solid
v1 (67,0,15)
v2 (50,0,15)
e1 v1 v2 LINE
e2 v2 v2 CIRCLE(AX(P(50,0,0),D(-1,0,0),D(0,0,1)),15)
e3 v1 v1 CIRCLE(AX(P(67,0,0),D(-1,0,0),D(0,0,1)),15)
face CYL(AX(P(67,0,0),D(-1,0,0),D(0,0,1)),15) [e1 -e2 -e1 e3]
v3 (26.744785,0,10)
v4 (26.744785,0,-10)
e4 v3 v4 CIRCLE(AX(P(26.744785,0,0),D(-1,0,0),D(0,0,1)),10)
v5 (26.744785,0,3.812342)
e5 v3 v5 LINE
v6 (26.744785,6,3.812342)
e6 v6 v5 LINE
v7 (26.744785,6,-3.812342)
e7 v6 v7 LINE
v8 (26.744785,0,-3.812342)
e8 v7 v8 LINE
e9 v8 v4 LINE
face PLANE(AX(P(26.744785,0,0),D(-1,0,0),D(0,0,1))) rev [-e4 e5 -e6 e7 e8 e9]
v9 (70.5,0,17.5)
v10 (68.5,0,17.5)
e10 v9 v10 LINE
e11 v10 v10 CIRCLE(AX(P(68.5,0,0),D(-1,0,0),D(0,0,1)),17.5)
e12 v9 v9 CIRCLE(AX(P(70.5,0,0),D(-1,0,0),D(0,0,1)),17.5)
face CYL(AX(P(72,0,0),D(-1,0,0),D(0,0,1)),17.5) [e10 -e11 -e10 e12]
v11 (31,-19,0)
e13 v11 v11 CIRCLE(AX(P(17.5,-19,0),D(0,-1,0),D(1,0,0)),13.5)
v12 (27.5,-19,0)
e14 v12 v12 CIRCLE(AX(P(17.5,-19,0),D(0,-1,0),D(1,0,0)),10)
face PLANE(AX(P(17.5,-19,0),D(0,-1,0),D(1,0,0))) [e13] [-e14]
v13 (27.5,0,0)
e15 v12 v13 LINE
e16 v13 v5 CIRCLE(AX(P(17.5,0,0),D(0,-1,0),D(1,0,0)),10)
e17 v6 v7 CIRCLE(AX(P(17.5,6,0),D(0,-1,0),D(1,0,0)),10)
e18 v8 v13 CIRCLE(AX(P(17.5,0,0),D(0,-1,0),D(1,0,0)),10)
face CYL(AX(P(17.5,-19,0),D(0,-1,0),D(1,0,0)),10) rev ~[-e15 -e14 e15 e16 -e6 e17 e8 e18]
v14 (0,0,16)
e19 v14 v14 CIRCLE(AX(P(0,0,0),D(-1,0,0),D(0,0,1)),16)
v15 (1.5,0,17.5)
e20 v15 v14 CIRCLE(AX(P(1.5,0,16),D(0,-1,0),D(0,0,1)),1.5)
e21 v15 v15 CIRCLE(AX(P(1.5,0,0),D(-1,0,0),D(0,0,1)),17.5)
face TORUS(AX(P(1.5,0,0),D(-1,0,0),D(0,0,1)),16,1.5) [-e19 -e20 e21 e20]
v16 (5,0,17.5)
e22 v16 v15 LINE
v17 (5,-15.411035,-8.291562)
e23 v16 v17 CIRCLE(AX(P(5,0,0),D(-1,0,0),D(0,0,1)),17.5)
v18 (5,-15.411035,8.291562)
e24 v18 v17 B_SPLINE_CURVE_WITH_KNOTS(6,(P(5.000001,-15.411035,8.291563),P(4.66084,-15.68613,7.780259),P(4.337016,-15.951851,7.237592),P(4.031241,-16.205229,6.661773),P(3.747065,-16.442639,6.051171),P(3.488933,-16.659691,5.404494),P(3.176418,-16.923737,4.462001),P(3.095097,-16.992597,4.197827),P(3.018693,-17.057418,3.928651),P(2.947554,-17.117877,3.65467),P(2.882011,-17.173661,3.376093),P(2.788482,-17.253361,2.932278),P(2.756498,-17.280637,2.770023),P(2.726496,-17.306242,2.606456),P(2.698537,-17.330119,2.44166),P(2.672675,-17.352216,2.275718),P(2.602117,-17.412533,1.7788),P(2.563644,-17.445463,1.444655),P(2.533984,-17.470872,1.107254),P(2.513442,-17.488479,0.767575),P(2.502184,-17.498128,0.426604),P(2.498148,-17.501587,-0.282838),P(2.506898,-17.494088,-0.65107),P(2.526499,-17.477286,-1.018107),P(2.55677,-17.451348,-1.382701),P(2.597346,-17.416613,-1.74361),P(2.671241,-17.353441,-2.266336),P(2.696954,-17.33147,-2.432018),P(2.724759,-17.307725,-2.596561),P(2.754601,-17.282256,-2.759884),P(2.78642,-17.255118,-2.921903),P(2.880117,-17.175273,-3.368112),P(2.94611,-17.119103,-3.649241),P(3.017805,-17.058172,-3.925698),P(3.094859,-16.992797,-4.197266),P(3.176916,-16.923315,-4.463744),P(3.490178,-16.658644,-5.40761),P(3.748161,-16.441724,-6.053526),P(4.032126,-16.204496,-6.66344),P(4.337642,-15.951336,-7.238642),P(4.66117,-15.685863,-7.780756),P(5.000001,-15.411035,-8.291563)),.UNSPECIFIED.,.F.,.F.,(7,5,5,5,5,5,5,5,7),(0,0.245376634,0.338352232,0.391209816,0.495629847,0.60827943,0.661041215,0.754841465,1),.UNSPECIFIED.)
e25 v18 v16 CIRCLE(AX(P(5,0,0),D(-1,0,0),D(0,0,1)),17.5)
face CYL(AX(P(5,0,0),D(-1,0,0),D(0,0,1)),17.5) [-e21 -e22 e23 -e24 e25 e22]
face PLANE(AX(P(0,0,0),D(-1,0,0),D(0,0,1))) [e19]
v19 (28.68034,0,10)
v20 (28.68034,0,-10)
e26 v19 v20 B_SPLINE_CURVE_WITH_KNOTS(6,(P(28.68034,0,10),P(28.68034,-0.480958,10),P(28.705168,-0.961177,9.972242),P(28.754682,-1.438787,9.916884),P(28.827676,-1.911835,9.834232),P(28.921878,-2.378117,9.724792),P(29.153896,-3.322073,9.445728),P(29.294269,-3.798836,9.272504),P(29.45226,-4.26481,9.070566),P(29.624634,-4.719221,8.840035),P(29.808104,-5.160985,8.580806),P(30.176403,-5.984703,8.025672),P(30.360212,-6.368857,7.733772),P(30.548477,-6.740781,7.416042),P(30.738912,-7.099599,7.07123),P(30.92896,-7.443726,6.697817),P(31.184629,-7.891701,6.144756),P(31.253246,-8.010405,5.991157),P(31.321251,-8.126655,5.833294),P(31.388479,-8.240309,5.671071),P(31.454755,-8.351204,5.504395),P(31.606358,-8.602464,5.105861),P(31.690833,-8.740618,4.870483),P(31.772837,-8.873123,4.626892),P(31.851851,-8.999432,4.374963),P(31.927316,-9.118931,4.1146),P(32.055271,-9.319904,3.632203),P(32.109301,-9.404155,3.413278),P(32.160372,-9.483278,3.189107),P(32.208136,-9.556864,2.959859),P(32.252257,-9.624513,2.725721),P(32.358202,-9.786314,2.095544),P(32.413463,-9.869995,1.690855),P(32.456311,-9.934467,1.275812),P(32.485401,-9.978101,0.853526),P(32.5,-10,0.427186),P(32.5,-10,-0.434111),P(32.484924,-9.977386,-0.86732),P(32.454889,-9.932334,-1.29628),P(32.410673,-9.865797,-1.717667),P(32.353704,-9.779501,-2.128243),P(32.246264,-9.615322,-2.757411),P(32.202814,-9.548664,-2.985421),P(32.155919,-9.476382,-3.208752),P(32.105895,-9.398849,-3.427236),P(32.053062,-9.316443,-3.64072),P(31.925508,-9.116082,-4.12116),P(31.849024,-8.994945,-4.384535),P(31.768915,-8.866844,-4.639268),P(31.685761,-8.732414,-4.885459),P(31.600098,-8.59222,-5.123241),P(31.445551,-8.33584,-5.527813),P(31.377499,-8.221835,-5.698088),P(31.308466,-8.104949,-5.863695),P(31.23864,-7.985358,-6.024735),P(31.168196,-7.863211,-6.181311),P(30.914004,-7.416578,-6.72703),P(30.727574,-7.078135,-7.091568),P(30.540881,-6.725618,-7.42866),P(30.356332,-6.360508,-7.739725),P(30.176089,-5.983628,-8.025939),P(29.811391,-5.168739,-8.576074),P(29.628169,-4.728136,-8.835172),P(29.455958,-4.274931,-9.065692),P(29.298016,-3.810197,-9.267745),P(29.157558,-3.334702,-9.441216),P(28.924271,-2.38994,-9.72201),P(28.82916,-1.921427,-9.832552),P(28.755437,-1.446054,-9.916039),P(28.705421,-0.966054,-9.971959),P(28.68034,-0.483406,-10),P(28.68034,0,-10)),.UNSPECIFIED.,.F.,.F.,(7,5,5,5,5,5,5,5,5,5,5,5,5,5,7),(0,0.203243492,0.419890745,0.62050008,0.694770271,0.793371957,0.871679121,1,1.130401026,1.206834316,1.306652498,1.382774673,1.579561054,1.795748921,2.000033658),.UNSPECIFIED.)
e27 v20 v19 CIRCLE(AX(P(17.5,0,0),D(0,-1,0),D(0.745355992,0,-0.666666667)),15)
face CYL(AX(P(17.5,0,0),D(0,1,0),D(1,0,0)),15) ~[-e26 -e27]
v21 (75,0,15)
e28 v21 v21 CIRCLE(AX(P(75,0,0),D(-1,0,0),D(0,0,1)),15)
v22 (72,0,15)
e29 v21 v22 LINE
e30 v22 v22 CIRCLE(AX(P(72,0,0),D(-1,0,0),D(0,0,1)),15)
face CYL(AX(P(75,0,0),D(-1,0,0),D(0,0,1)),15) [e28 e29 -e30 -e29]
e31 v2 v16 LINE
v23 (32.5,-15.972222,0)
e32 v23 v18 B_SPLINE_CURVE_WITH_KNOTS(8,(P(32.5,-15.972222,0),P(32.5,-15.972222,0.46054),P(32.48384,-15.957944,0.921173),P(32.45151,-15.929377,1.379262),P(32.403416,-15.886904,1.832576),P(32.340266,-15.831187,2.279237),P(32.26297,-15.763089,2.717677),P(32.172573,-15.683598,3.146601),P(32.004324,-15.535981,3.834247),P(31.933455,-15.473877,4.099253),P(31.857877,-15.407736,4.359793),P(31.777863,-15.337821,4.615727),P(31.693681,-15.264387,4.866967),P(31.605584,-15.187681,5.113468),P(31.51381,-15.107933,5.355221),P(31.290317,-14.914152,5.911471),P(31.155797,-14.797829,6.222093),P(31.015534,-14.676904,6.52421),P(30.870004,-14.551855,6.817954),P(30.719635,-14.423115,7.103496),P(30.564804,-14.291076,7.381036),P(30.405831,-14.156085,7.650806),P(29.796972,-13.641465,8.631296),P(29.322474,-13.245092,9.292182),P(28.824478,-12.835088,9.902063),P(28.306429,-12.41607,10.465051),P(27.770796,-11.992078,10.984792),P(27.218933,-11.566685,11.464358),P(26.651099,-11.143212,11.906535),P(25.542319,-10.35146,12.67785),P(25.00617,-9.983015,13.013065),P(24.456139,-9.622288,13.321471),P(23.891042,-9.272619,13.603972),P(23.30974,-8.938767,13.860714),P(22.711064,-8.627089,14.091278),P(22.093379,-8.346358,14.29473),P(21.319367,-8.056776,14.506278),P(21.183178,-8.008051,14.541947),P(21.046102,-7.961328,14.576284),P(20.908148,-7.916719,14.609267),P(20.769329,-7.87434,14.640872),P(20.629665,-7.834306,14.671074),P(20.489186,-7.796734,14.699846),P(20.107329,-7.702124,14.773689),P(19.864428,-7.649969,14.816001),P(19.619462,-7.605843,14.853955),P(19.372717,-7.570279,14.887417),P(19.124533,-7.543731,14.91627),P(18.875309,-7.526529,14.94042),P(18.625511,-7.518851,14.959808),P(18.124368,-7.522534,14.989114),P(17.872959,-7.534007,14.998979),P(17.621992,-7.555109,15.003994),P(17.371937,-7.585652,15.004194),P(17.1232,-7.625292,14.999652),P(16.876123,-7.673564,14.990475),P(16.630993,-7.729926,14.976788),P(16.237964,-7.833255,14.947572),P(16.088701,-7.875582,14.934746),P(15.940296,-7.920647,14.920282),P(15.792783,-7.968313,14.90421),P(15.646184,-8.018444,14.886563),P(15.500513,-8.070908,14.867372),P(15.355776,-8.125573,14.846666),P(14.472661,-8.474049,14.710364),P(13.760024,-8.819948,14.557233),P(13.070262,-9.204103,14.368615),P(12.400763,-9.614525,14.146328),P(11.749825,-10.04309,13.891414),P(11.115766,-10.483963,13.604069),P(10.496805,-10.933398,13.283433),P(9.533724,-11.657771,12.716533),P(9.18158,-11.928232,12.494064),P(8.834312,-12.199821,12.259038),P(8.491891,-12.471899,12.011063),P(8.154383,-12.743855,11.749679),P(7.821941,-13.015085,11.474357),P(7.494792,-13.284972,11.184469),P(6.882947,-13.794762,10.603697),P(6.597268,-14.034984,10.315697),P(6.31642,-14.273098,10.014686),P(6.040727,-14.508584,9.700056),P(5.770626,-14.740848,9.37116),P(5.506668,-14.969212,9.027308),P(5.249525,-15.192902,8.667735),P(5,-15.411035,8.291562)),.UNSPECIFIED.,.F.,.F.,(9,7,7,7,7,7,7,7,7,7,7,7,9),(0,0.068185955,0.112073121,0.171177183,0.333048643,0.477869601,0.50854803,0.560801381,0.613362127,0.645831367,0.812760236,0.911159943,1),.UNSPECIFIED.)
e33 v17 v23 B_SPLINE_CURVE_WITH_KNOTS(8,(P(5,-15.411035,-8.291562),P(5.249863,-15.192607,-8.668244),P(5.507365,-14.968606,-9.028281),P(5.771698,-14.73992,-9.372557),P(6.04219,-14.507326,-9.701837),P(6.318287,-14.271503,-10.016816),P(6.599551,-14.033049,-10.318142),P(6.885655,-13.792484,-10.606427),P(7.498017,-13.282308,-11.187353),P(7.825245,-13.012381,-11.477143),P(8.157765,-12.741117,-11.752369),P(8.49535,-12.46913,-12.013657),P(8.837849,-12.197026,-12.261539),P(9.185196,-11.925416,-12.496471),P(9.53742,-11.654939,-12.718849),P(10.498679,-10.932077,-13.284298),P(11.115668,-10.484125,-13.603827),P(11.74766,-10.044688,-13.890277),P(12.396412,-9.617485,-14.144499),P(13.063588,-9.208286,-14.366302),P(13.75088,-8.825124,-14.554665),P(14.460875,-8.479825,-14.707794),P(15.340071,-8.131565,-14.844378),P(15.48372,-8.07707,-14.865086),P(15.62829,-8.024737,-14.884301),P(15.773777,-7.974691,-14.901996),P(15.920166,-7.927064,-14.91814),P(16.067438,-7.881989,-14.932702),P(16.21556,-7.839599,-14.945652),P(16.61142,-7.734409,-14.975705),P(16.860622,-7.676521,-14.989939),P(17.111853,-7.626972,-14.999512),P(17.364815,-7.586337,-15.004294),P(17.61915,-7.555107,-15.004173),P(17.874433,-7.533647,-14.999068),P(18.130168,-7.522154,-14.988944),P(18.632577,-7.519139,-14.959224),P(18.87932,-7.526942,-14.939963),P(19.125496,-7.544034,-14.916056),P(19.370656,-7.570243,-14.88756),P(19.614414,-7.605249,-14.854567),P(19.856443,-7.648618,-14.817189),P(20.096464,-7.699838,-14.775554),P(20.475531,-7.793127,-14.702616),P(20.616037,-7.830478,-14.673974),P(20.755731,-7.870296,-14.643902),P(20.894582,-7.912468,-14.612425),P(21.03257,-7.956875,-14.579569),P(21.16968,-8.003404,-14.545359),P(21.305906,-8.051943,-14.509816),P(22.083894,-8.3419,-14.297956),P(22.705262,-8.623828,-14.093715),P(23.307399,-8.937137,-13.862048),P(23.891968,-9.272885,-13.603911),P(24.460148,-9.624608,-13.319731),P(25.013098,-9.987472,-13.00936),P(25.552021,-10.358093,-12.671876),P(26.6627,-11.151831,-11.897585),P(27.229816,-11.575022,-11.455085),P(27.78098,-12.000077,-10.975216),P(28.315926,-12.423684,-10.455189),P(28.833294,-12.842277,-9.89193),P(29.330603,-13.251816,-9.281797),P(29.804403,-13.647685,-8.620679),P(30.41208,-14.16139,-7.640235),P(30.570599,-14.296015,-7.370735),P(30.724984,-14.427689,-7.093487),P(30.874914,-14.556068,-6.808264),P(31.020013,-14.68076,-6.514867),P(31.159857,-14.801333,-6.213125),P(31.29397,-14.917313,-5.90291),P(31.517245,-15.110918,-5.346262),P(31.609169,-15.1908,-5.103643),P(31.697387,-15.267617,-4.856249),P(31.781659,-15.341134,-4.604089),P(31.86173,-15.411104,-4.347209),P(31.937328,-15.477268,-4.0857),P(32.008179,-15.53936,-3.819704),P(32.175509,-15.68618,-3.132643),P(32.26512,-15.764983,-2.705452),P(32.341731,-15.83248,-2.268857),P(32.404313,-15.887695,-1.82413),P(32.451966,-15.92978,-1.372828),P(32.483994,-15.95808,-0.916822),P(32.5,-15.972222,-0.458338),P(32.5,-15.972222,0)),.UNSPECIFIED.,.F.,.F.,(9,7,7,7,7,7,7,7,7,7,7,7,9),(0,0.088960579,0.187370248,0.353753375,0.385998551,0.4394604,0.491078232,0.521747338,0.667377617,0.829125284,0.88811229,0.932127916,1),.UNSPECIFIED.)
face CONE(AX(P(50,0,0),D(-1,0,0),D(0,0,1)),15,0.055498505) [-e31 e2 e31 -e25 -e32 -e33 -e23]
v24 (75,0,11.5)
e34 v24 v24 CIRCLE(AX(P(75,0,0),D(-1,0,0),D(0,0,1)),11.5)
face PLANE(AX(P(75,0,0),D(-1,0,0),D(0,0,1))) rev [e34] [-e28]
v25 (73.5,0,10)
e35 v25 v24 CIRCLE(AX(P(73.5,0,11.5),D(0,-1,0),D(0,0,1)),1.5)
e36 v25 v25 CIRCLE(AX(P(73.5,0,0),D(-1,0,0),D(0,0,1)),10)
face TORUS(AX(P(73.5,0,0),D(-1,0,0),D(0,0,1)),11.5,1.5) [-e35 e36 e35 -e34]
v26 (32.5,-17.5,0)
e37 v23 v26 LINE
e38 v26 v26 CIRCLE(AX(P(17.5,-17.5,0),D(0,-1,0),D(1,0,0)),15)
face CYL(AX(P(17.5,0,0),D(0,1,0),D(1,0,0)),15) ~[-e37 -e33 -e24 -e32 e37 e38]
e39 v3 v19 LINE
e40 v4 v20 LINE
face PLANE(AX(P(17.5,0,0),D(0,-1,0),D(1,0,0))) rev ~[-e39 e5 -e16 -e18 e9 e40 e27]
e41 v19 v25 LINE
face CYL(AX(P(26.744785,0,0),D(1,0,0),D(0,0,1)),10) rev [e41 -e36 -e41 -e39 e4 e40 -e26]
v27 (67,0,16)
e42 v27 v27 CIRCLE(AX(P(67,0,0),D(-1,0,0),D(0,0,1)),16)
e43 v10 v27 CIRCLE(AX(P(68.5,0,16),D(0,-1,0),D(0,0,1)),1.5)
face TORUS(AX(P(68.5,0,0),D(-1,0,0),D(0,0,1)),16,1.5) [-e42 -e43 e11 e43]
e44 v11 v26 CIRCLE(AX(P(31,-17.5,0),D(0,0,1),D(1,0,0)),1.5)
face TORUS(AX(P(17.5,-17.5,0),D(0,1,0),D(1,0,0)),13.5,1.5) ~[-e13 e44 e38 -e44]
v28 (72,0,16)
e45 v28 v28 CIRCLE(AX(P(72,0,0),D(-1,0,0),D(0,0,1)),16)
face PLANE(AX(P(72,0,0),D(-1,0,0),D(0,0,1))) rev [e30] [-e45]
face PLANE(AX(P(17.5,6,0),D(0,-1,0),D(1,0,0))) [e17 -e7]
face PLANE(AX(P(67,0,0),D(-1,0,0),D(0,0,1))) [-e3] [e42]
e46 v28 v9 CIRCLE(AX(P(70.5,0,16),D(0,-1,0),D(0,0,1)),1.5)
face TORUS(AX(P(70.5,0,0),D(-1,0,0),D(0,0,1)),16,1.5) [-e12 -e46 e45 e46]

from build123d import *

# Parameters (mm, degrees)
F2_R     = 15
F3_DEPTH = 19
F4_R     = 10
F5_DEPTH = 25
F6_R     = 1.5


with BuildPart() as f1:
    # F0 (on Front) → F1 (revolve)
    with BuildSketch(Plane.XZ):
        Polygon((0, 17.5), (0, 0), (26.744785, 0), (26.744785, 10), (75, 10), (75, 15), (72, 15), (72, 17.5), (67, 17.5), (67, 15), (50, 15), (5, 17.5), align=None)
    revolve(axis=Axis((13.372393, 0, 0), (-1, 0, 0)))

    # F2 (on Front) → F3 (join)
    with BuildSketch(Plane.XZ):
        with Locations((17.5, 0)):
            Circle(F2_R)
    extrude(amount=F3_DEPTH)

    # F4 (on face) → F5 (cut)
    with BuildSketch(Plane.XZ.offset(19)):
        with Locations((17.5, 0)):
            Circle(F4_R)
    extrude(amount=-F5_DEPTH, mode=Mode.SUBTRACT)

    # F6
    f6_edges = [f1.edges().sort_by_distance(p)[0] for p in [
        (2.5, -19, 0),
        (0, 0, -17.5),
        (67, 0, -17.5),
        (72, 0, -17.5),
        (75, 0, -10),
    ]]
    fillet(f6_edges, radius=F6_R)


solid = f1.part
